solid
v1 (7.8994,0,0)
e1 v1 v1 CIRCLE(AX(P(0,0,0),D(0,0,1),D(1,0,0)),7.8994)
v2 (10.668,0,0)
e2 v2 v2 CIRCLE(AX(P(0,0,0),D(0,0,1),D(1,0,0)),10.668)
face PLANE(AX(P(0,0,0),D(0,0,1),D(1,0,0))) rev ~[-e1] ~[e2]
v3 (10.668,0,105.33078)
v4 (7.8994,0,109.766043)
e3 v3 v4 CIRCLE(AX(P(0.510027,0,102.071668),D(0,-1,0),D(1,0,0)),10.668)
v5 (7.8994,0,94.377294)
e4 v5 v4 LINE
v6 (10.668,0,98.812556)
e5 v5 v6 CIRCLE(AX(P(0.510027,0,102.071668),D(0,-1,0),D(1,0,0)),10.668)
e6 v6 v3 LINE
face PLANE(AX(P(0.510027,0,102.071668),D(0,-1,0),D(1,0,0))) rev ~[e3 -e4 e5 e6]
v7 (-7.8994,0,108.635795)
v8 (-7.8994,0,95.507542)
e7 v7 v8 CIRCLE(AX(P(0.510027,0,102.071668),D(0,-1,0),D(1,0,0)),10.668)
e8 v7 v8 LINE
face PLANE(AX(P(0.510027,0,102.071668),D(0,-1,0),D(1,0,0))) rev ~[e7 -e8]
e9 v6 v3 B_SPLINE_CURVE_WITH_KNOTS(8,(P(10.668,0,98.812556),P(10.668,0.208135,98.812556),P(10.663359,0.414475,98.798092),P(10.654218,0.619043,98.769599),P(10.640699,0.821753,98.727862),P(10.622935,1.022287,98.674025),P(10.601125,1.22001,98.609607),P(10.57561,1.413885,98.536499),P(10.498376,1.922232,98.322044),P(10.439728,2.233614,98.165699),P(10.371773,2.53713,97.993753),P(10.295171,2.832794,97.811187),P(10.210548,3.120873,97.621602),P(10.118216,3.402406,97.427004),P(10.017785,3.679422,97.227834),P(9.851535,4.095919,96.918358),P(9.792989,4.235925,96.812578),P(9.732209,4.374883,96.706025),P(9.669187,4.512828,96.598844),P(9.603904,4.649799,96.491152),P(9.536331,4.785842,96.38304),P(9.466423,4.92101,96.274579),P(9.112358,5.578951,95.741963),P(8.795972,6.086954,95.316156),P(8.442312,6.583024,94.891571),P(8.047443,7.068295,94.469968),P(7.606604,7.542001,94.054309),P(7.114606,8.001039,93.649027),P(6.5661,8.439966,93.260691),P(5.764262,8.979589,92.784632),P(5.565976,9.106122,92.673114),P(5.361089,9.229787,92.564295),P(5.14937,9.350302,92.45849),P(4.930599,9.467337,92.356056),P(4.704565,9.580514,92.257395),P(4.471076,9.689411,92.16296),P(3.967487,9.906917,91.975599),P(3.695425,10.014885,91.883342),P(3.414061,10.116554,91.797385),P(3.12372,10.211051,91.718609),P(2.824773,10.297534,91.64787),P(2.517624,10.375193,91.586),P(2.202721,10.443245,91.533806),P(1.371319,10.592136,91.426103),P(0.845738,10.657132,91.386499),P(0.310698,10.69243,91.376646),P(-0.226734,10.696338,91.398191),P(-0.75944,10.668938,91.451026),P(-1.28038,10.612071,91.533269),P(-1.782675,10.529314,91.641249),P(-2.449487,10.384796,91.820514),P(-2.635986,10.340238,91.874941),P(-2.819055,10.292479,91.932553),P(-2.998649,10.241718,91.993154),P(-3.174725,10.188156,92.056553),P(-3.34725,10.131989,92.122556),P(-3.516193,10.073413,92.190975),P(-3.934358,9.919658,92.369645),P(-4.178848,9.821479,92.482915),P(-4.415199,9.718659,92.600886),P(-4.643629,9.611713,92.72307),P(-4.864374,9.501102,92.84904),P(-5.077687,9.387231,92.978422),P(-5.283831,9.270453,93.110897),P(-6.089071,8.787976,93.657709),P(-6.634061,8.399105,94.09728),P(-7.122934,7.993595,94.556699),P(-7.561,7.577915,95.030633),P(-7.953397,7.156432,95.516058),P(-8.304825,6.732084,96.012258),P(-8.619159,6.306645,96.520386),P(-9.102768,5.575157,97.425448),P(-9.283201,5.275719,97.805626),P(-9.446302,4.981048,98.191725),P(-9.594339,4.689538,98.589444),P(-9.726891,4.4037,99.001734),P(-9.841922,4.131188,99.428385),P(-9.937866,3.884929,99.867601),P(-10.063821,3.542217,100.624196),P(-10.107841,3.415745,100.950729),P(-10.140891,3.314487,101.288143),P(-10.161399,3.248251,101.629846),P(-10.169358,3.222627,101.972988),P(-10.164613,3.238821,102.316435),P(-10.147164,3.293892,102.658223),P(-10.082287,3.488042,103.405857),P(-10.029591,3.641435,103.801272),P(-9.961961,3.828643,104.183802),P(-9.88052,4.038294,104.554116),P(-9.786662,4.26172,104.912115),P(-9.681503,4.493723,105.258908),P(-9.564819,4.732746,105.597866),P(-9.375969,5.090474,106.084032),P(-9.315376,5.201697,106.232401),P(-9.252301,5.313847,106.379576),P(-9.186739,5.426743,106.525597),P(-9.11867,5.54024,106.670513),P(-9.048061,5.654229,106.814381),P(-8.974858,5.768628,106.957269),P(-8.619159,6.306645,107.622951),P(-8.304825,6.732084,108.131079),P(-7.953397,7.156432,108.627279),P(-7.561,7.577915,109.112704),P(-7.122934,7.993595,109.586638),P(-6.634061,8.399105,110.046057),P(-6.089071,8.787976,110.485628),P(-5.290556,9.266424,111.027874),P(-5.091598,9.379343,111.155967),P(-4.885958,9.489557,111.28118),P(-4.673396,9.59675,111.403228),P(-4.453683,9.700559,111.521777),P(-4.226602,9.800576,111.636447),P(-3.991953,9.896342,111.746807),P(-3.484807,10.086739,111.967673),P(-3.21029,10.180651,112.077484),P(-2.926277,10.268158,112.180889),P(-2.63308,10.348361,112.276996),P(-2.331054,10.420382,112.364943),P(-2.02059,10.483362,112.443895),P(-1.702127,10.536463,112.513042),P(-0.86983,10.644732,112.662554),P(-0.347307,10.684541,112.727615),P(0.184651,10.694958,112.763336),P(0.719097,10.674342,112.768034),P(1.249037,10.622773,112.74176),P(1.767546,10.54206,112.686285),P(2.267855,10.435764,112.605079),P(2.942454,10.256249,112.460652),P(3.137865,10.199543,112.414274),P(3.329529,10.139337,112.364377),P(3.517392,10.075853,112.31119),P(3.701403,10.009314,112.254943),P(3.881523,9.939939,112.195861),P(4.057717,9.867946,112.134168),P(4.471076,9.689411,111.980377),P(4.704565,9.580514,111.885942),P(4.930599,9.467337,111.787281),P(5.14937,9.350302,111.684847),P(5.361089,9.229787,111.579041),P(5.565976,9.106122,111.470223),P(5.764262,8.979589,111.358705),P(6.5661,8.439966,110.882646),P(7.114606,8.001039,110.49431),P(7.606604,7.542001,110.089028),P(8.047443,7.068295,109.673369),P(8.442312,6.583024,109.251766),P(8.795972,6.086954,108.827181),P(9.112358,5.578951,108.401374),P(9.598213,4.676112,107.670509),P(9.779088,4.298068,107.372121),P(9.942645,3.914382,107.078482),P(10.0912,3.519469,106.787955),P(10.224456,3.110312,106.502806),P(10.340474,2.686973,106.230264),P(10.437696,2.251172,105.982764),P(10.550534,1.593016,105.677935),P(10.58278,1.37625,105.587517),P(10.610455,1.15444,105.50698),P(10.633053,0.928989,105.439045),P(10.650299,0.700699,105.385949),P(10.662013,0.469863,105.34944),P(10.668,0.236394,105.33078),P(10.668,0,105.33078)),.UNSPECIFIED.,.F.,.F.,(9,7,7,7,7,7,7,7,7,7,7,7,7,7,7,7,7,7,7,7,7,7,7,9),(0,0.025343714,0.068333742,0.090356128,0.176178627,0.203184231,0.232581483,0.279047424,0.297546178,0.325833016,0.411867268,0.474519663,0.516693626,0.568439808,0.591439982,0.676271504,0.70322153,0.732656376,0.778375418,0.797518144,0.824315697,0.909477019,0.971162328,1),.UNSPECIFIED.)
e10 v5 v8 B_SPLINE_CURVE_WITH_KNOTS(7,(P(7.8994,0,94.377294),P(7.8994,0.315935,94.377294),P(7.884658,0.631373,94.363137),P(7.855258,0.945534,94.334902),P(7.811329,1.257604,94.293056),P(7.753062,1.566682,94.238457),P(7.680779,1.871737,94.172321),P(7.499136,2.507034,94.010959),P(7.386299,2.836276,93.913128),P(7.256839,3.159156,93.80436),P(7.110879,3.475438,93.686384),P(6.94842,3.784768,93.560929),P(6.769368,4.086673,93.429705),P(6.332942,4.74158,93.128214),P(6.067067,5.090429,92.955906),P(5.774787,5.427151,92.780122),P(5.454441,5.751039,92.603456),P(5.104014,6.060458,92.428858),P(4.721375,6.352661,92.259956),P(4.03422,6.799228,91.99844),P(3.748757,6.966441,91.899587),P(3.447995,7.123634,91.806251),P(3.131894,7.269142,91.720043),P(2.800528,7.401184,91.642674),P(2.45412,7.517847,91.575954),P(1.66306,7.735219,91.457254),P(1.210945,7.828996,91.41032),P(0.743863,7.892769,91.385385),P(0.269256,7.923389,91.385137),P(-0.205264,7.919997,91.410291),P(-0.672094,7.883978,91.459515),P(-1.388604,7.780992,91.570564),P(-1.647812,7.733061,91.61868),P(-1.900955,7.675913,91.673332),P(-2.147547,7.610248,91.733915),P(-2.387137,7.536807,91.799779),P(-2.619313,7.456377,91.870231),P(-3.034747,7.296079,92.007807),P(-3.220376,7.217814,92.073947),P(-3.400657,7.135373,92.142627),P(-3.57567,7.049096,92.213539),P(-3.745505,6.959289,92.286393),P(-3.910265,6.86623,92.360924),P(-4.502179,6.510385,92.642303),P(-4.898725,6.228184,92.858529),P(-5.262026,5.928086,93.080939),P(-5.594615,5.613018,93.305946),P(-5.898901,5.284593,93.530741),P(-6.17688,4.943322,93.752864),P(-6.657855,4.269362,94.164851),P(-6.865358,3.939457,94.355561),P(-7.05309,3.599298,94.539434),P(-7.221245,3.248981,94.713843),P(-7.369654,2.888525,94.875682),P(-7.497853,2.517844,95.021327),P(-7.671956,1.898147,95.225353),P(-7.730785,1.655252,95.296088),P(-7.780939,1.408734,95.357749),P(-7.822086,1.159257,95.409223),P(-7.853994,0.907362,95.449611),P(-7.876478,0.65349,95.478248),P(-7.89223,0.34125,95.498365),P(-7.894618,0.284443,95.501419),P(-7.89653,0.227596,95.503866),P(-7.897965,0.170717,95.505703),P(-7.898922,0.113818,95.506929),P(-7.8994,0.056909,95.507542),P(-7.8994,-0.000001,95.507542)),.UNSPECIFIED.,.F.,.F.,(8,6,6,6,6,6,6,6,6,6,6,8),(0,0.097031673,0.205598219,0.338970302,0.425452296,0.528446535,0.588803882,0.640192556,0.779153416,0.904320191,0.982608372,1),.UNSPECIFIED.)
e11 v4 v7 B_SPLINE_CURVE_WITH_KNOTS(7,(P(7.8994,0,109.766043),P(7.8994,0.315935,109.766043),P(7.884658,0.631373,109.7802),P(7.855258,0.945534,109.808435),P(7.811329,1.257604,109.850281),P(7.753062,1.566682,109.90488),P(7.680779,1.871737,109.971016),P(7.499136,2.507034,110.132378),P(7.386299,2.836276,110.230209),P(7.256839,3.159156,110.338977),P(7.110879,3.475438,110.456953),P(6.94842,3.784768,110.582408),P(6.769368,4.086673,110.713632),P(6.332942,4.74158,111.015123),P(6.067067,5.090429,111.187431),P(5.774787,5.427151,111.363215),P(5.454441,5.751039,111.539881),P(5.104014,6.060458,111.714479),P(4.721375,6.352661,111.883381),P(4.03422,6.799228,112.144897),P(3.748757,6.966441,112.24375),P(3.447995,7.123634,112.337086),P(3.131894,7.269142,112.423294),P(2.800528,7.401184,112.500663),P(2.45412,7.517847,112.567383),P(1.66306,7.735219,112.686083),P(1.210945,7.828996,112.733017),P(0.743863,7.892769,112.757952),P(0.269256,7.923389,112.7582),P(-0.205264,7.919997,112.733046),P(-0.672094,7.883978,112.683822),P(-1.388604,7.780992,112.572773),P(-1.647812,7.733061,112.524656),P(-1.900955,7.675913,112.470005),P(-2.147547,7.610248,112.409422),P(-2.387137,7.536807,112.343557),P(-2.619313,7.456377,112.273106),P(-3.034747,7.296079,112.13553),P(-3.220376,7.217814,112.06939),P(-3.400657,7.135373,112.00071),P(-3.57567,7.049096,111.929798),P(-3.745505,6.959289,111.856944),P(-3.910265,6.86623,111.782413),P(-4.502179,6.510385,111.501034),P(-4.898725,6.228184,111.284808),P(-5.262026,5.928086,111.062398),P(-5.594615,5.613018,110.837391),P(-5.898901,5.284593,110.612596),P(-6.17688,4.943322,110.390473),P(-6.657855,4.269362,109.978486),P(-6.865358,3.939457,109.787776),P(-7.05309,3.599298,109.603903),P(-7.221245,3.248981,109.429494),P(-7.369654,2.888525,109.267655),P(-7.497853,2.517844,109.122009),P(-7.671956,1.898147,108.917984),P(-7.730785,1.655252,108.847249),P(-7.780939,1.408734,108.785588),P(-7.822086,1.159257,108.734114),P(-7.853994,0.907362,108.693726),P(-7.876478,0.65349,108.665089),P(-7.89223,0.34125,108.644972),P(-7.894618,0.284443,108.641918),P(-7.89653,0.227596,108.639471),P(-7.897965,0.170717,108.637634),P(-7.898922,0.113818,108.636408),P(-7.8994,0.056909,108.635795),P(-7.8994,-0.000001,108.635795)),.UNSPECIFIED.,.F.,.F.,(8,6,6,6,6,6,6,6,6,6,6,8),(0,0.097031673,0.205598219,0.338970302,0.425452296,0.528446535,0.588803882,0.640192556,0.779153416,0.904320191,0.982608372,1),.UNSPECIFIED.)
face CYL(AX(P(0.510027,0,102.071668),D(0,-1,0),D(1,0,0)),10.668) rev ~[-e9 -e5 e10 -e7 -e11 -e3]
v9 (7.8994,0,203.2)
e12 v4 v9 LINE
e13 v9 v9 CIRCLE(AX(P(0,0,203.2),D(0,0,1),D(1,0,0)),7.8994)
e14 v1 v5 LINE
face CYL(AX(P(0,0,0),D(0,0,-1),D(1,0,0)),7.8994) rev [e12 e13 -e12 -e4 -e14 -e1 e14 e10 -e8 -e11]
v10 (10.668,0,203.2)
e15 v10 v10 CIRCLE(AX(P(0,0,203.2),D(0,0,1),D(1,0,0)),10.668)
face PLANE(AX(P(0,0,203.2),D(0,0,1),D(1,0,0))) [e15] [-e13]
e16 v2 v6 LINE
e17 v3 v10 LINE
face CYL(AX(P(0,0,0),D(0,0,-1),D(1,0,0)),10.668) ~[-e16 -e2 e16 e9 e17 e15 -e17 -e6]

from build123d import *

# Parameters (mm, degrees)
F0_R     = 10.668
F0_R_2   = 7.8994
F1_DEPTH = 203.2
F2_R     = 10.668
F2_R_2   = 7.8994
F3_DEPTH = 25.4


with BuildPart() as f1:
    # F0 (on Top) → F1 (new body)
    with BuildSketch(Plane.XY):
        Circle(F0_R)
        Circle(F0_R_2, mode=Mode.SUBTRACT)
    extrude(amount=F1_DEPTH)

    # F2 (on Front) → F3 (cut)
    with BuildSketch(Plane.XZ):
        with Locations((0.5100271213, 102.0716684638)):
            Circle(F2_R)
        with Locations((0.5100271213, 102.0716684638)):
            Circle(F2_R_2, mode=Mode.SUBTRACT)
        with Locations((0.5100271213, 102.0716684638)):
            Circle(F2_R_2)
    extrude(amount=-F3_DEPTH, mode=Mode.SUBTRACT)


solid = f1.part
